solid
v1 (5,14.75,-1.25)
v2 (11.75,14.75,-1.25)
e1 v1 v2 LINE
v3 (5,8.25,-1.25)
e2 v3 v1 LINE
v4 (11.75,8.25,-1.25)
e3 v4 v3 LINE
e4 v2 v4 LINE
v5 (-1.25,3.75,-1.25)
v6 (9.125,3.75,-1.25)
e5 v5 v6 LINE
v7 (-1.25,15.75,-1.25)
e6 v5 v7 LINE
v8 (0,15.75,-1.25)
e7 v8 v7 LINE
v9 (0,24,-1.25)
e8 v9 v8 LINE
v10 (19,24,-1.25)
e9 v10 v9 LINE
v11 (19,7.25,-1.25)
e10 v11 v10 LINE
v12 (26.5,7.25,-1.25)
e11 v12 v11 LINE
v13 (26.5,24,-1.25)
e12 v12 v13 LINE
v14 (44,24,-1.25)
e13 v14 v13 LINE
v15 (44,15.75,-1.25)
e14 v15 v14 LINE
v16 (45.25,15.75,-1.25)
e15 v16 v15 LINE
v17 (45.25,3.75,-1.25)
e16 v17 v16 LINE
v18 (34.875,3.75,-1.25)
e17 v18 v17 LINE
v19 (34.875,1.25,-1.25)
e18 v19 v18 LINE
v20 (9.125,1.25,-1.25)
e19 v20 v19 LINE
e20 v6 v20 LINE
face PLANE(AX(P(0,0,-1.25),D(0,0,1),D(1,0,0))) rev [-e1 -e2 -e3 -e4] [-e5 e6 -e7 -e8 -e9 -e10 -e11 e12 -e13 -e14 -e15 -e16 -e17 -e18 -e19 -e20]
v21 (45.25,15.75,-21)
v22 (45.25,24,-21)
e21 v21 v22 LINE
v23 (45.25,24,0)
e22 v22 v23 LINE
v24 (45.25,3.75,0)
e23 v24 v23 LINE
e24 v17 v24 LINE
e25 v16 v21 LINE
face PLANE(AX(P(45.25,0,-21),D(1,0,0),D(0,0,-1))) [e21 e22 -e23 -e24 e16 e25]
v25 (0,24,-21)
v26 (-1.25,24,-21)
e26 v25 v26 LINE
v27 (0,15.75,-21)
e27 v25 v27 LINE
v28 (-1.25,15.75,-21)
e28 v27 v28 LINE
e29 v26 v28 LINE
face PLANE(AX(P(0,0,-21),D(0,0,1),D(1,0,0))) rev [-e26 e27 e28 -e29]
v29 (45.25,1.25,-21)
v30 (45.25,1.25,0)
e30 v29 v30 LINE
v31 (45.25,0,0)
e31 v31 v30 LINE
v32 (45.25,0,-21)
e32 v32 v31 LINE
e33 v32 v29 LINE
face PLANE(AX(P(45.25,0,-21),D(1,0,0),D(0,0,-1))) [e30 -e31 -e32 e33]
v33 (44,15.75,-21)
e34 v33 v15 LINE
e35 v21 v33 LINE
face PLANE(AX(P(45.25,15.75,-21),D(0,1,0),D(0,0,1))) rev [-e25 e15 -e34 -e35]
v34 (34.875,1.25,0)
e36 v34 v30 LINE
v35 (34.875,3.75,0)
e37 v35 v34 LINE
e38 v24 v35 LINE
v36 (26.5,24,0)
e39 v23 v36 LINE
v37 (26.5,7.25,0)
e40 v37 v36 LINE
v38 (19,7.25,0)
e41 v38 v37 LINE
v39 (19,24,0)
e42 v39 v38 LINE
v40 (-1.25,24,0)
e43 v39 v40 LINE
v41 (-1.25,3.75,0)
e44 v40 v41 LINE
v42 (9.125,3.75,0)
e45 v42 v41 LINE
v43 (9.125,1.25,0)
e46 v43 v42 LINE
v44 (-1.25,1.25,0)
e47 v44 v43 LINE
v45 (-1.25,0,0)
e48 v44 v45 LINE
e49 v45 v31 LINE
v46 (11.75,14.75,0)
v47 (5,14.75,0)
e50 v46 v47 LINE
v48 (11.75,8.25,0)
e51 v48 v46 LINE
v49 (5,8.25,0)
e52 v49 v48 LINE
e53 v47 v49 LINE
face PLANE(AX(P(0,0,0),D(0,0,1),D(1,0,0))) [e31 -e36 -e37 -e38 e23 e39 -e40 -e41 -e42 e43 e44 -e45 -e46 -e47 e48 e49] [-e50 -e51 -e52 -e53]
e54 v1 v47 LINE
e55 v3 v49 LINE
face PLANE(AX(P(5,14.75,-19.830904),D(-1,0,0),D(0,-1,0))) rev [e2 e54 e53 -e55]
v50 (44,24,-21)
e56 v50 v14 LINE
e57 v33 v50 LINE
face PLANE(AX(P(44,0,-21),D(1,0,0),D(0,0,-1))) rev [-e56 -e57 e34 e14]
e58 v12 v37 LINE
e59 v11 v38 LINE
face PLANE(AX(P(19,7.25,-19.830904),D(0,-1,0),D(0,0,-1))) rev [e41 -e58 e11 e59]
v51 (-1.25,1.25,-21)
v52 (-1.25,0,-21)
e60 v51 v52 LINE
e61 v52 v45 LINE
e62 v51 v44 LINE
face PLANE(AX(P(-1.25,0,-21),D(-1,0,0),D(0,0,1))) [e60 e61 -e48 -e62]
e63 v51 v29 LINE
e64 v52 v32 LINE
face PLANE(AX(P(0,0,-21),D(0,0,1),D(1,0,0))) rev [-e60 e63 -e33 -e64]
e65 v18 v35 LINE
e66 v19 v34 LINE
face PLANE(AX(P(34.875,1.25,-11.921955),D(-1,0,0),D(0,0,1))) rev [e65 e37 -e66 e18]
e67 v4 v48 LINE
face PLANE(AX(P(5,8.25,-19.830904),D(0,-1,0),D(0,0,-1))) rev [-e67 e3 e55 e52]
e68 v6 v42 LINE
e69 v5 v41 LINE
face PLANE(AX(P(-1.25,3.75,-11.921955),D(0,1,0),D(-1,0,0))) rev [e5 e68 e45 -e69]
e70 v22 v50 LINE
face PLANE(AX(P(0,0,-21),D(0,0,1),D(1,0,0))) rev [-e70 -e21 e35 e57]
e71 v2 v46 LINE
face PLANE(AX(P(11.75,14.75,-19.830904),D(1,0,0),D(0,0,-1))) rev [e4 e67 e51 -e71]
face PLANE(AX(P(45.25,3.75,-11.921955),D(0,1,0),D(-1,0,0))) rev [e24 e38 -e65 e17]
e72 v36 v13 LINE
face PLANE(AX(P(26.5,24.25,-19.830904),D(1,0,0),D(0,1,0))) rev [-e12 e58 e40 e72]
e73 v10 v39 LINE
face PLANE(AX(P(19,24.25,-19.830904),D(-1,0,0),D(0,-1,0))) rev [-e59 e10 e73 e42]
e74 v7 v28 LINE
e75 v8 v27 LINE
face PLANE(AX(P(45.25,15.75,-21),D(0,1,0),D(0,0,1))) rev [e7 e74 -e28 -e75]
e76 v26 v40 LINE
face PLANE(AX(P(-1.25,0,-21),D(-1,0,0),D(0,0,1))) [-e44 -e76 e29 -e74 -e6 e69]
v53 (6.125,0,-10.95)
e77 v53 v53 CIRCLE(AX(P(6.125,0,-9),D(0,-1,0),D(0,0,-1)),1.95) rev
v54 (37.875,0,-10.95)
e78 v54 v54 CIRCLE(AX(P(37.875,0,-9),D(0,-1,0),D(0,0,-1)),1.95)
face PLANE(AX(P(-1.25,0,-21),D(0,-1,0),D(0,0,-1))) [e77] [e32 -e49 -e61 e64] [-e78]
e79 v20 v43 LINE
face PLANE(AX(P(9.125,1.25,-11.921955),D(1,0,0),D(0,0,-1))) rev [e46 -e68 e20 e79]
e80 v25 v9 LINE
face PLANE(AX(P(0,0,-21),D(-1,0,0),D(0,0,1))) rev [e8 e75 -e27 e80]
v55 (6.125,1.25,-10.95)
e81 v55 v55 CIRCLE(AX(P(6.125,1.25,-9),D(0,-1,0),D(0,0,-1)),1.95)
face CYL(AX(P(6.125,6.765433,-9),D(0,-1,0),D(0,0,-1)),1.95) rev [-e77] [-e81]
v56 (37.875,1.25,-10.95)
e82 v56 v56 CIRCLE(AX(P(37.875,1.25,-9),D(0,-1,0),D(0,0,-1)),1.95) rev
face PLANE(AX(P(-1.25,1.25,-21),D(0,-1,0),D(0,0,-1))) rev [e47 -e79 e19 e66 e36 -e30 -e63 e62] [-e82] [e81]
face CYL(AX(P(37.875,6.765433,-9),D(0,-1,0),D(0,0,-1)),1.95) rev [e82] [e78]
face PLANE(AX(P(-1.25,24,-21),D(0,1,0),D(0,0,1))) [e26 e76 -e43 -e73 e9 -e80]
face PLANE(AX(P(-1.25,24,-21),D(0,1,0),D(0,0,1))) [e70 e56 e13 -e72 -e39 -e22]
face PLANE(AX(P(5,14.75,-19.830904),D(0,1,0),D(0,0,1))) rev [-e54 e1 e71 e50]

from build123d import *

# Parameters (mm, degrees)
SKETCH1_W           = 46.5
SKETCH1_H           = 24
BOSS_EXTRUDE1_DEPTH = 21
SHELL1_T            = -1.25
SKETCH2_W           = 19.75
SKETCH2_H           = 14.5
CUT_EXTRUDE1_DEPTH  = 57.384838388
SKETCH4_W           = 6.75
SKETCH4_H           = 6.5
SKETCH4_W_2         = 7.5
SKETCH4_H_2         = 17
CUT_EXTRUDE3_DEPTH  = 1.25
CUT_EXTRUDE4_REACH  = 57.358
SKETCH6_R           = 1.95
SKETCH7_W           = 10.375
SKETCH7_H           = 2.5
CUT_EXTRUDE5_DEPTH  = 1.25


with BuildPart() as part:
    # Sketch1 → Boss-Extrude1 (new body)
    with BuildSketch(Plane.XY):
        with Locations((22, 12)):
            Rectangle(SKETCH1_W, SKETCH1_H)
    extrude(amount=-BOSS_EXTRUDE1_DEPTH)

    # Shell1
    shell1_openings = [part.faces().sort_by_distance(p)[0] for p in [
        (22, 12, -21),
        (22, 24, -10.5),
    ]]
    offset(amount=SHELL1_T, openings=shell1_openings, kind=Kind.INTERSECTION)

    # Sketch2 → Cut-Extrude1 (cut, through all)
    with BuildSketch(Plane.ZY.offset(1.25)):
        with Locations((-11.125, 8.5)):
            Rectangle(SKETCH2_W, SKETCH2_H)
    extrude(amount=-CUT_EXTRUDE1_DEPTH, mode=Mode.SUBTRACT)

    # Sketch4 → Cut-Extrude3 (cut)
    with BuildSketch(Plane.XY):
        with Locations((8.375, 11.5)):
            Rectangle(SKETCH4_W, SKETCH4_H)
        with Locations((22.75, 15.75)):
            Rectangle(SKETCH4_W_2, SKETCH4_H_2)
    extrude(amount=-CUT_EXTRUDE3_DEPTH, mode=Mode.SUBTRACT)

    # Sketch6 → Cut-Extrude4 (cut, up to next)
    with BuildSketch(Plane(origin=(0, 0, 0), x_dir=(-1, 0, 0), z_dir=(0, -1, 0)), mode=Mode.PRIVATE) as cut_extrude4_sk1:
        with Locations(Location((-6.125, 9, 0), (0, 0, 90))):
            Circle(SKETCH6_R)
    cut_extrude4_tool1 = extrude(cut_extrude4_sk1.sketch, amount=-CUT_EXTRUDE4_REACH, mode=Mode.PRIVATE) & part.part
    # Sketch6 → Cut-Extrude4 (cut, up to next)
    with BuildSketch(Plane(origin=(0, 0, 0), x_dir=(-1, 0, 0), z_dir=(0, -1, 0)), mode=Mode.PRIVATE) as cut_extrude4_sk2:
        with Locations(Location((-37.875, 9, 0), (0, 0, 90))):
            Circle(SKETCH6_R)
    cut_extrude4_tool2 = extrude(cut_extrude4_sk2.sketch, amount=-CUT_EXTRUDE4_REACH, mode=Mode.PRIVATE) & part.part
    add(cut_extrude4_tool1.solids().sort_by_distance((6.125, 0, -9))[0], mode=Mode.SUBTRACT)
    add(cut_extrude4_tool2.solids().sort_by_distance((37.875, 0, -9))[0], mode=Mode.SUBTRACT)

    # Sketch7 → Cut-Extrude5 (cut)
    with BuildSketch(Plane.XY):
        with Locations((40.0625, 2.5)):
            Rectangle(SKETCH7_W, SKETCH7_H)
        with Locations((3.9375, 2.5)):
            Rectangle(SKETCH7_W, SKETCH7_H)
    extrude(amount=-CUT_EXTRUDE5_DEPTH, mode=Mode.SUBTRACT)


solid = part.part
